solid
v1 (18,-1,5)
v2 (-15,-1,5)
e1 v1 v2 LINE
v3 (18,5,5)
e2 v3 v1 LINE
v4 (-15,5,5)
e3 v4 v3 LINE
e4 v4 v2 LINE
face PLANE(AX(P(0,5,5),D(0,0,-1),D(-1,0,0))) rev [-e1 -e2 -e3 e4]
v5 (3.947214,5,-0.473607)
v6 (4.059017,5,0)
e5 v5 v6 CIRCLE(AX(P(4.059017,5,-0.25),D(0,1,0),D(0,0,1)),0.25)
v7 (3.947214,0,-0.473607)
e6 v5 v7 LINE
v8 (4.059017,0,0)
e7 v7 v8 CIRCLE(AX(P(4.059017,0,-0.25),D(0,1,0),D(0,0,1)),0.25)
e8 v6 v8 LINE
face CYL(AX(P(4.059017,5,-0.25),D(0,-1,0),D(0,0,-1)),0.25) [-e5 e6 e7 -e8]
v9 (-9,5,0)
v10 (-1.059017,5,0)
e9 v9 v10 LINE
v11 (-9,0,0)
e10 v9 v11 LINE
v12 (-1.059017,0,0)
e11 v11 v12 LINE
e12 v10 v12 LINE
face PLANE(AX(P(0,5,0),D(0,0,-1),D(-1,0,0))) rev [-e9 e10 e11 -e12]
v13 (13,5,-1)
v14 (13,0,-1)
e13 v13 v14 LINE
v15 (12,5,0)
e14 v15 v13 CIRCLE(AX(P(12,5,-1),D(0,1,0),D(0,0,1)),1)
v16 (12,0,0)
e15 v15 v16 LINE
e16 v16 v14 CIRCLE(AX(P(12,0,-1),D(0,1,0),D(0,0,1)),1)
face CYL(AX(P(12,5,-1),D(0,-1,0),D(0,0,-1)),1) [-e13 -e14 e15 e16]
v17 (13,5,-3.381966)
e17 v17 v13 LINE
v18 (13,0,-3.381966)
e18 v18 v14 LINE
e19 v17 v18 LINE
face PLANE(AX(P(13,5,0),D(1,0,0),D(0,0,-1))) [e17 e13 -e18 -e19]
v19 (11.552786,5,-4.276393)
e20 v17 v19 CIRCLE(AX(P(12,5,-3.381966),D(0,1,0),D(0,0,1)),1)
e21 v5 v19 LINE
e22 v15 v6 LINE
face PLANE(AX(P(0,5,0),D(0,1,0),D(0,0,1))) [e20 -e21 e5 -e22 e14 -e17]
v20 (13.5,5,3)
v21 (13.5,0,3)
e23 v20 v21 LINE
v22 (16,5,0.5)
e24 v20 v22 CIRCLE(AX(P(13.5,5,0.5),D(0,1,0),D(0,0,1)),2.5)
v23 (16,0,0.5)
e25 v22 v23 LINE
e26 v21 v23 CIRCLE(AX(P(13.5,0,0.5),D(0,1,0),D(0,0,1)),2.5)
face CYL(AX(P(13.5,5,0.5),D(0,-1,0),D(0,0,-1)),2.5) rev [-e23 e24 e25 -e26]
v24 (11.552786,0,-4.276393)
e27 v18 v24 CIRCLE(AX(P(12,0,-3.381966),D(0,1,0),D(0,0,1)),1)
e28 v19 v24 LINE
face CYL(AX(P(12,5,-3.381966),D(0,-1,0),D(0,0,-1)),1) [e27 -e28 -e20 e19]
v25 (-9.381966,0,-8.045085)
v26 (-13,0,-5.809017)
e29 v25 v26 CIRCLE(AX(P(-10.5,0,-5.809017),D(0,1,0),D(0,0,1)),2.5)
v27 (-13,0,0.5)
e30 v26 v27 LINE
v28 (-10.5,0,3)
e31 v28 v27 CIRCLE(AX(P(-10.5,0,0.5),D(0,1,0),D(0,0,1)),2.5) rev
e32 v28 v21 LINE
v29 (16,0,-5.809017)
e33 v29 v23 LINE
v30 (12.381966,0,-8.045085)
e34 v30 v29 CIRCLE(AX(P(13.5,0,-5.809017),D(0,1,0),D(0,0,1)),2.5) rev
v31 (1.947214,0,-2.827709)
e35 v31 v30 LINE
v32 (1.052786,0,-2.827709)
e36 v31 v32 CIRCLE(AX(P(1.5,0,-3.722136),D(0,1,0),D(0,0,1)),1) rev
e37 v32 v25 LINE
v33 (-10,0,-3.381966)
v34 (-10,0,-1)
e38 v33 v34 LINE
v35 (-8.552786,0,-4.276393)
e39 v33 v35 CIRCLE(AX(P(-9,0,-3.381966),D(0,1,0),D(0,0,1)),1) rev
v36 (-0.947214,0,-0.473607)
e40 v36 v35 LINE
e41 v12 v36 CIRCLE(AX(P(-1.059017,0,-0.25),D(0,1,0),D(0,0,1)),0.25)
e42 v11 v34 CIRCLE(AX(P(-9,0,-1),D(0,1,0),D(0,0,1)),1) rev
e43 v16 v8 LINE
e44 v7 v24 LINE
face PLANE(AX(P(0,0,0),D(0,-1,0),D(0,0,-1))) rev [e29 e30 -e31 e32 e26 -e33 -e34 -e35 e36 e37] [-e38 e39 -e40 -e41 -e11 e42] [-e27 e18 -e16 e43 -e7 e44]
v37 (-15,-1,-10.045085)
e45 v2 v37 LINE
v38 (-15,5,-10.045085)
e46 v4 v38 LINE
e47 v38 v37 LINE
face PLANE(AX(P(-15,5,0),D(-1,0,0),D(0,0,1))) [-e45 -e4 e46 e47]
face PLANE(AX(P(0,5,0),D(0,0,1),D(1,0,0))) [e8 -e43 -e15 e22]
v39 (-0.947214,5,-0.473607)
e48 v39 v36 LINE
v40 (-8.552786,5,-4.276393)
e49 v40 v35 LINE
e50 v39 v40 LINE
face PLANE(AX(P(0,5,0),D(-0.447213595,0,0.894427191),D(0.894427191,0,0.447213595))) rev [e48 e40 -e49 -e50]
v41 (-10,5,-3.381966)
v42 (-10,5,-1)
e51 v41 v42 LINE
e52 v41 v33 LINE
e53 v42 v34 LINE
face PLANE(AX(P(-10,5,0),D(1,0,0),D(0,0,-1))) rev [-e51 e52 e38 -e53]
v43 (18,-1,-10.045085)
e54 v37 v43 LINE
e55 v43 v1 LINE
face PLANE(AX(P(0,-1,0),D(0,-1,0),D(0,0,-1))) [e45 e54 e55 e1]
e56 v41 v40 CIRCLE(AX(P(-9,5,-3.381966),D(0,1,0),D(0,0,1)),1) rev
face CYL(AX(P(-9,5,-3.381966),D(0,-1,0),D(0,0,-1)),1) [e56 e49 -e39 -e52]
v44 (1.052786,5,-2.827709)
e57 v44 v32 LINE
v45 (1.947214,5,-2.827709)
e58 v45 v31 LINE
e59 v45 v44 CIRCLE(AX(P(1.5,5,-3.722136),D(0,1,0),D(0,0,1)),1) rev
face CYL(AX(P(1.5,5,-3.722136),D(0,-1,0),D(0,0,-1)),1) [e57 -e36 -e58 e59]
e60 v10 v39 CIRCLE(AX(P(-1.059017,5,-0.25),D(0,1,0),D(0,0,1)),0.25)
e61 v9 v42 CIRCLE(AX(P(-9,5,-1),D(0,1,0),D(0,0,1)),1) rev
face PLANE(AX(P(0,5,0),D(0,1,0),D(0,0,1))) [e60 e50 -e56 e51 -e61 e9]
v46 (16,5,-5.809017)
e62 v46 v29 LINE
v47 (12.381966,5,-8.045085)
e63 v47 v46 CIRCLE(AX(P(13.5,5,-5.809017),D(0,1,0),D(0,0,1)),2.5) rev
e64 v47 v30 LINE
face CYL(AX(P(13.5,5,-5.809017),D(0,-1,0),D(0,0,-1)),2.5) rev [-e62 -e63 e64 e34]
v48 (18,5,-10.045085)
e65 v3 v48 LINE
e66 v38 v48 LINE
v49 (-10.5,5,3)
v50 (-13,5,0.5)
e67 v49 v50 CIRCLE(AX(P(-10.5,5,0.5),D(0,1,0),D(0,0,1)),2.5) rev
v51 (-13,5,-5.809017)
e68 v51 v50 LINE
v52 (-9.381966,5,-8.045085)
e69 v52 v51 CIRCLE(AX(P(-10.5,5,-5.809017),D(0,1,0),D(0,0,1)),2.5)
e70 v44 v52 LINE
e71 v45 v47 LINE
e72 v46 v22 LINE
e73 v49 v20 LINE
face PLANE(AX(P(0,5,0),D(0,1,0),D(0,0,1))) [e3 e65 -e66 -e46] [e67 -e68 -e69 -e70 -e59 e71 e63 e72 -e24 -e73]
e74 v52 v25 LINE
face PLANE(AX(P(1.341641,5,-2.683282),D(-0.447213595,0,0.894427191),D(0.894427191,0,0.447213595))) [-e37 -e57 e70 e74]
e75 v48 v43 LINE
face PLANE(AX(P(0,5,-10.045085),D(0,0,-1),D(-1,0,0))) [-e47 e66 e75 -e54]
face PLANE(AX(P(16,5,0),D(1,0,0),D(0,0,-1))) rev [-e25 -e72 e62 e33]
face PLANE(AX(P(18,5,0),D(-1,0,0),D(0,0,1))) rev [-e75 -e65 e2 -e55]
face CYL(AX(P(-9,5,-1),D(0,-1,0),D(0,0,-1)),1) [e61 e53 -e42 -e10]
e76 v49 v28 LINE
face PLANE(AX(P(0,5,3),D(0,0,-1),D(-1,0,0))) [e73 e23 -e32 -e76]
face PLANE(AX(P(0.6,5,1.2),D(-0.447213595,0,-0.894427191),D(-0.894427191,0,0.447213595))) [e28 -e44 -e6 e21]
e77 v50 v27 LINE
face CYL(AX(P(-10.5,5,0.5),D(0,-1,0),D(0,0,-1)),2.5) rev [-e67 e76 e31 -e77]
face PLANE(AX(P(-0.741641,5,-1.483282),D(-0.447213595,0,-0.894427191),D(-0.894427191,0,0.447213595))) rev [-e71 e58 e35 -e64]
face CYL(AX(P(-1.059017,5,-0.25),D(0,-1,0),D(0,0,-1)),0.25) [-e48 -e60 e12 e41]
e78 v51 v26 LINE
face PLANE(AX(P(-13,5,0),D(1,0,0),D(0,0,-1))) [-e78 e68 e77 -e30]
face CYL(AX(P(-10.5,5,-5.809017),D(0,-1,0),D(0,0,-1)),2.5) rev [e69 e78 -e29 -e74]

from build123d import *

# Parameters (mm, degrees)
BOSS_EXTRUDE1_DEPTH   = 5
BOSS_EXTRUDE1_2_DEPTH = 5
SKETCH1_W             = 33
SKETCH1_H             = 15.045084972
BOSS_EXTRUDE1_3_DEPTH = 5
SKETCH2_W             = 33
SKETCH2_H             = 15.045084972
BOSS_EXTRUDE3_DEPTH   = 1


with BuildPart() as part:
    # Sketch1 → Boss-Extrude1 (new body)
    with BuildSketch(Plane(origin=(0, 0, 0), x_dir=(1, 0, 0), z_dir=(0, 1, 0))):
        with BuildLine():
            Line((-0.947213595, 0.473606798), (-8.552786405, 4.276393202))
            ThreePointArc((-8.552786405, 4.276393202), (-9.525731112, 4.23261682), (-10, 3.381966011))
            Line((-10, 3.381966011), (-10, 1))
            ThreePointArc((-10, 1), (-9.707106781, 0.292893219), (-9, 0))
            Line((-9, 0), (-1.059016994, 0))
            ThreePointArc((-1.059016994, 0), (-0.815704747, 0.19256177), (-0.947213595, 0.473606798))
        make_face()
    extrude(amount=BOSS_EXTRUDE1_DEPTH)



with BuildPart() as body_2:
    # Sketch1 → Boss-Extrude1 2 (new body)
    with BuildSketch(Plane(origin=(0, 0, 0), x_dir=(1, 0, 0), z_dir=(0, 1, 0))):
        with BuildLine():
            Line((12, 0), (4.059016994, 0))
            ThreePointArc((4.059016994, 0), (3.815704747, 0.19256177), (3.947213595, 0.473606798))
            Line((3.947213595, 0.473606798), (11.552786405, 4.276393202))
            ThreePointArc((11.552786405, 4.276393202), (12.525731112, 4.23261682), (13, 3.381966011))
            Line((13, 3.381966011), (13, 1))
            ThreePointArc((13, 1), (12.707106781, 0.292893219), (12, 0))
        make_face()
    extrude(amount=BOSS_EXTRUDE1_2_DEPTH)


with BuildPart() as body_3:
    # Sketch1 → Boss-Extrude1 3 (new body)
    with BuildSketch(Plane(origin=(0, 0, 0), x_dir=(1, 0, 0), z_dir=(0, 1, 0))):
        with Locations((1.5, 2.522542486)):
            Rectangle(SKETCH1_W, SKETCH1_H)
        with BuildLine():
            Line((1.052786405, 2.827708764), (-9.381966011, 8.045084972))
            ThreePointArc((-9.381966011, 8.045084972), (-11.81432778, 7.935644015), (-13, 5.809016994))
            Line((-13, 5.809016994), (-13, -0.5))
            ThreePointArc((-13, -0.5), (-12.267766953, -2.267766953), (-10.5, -3))
            Line((-10.5, -3), (13.5, -3))
            ThreePointArc((13.5, -3), (15.267766953, -2.267766953), (16, -0.5))
            Line((16, -0.5), (16, 5.809016994))
            ThreePointArc((16, 5.809016994), (14.81432778, 7.935644015), (12.381966011, 8.045084972))
            Line((12.381966011, 8.045084972), (1.947213595, 2.827708764))
            ThreePointArc((1.947213595, 2.827708764), (1.5, 2.722135955), (1.052786405, 2.827708764))
        make_face(mode=Mode.SUBTRACT)
    extrude(amount=BOSS_EXTRUDE1_3_DEPTH)


with BuildPart() as part_1:
    add(part.part)

    add(body_2.part)  # Boss-Extrude3 merges body 2

    add(body_3.part)  # Boss-Extrude3 merges body 3
    # Sketch2 → Boss-Extrude3 (add)
    with BuildSketch(Plane.XZ):
        with Locations((1.5, -2.522542486)):
            Rectangle(SKETCH2_W, SKETCH2_H)
    extrude(amount=BOSS_EXTRUDE3_DEPTH)


solid = part_1.part
